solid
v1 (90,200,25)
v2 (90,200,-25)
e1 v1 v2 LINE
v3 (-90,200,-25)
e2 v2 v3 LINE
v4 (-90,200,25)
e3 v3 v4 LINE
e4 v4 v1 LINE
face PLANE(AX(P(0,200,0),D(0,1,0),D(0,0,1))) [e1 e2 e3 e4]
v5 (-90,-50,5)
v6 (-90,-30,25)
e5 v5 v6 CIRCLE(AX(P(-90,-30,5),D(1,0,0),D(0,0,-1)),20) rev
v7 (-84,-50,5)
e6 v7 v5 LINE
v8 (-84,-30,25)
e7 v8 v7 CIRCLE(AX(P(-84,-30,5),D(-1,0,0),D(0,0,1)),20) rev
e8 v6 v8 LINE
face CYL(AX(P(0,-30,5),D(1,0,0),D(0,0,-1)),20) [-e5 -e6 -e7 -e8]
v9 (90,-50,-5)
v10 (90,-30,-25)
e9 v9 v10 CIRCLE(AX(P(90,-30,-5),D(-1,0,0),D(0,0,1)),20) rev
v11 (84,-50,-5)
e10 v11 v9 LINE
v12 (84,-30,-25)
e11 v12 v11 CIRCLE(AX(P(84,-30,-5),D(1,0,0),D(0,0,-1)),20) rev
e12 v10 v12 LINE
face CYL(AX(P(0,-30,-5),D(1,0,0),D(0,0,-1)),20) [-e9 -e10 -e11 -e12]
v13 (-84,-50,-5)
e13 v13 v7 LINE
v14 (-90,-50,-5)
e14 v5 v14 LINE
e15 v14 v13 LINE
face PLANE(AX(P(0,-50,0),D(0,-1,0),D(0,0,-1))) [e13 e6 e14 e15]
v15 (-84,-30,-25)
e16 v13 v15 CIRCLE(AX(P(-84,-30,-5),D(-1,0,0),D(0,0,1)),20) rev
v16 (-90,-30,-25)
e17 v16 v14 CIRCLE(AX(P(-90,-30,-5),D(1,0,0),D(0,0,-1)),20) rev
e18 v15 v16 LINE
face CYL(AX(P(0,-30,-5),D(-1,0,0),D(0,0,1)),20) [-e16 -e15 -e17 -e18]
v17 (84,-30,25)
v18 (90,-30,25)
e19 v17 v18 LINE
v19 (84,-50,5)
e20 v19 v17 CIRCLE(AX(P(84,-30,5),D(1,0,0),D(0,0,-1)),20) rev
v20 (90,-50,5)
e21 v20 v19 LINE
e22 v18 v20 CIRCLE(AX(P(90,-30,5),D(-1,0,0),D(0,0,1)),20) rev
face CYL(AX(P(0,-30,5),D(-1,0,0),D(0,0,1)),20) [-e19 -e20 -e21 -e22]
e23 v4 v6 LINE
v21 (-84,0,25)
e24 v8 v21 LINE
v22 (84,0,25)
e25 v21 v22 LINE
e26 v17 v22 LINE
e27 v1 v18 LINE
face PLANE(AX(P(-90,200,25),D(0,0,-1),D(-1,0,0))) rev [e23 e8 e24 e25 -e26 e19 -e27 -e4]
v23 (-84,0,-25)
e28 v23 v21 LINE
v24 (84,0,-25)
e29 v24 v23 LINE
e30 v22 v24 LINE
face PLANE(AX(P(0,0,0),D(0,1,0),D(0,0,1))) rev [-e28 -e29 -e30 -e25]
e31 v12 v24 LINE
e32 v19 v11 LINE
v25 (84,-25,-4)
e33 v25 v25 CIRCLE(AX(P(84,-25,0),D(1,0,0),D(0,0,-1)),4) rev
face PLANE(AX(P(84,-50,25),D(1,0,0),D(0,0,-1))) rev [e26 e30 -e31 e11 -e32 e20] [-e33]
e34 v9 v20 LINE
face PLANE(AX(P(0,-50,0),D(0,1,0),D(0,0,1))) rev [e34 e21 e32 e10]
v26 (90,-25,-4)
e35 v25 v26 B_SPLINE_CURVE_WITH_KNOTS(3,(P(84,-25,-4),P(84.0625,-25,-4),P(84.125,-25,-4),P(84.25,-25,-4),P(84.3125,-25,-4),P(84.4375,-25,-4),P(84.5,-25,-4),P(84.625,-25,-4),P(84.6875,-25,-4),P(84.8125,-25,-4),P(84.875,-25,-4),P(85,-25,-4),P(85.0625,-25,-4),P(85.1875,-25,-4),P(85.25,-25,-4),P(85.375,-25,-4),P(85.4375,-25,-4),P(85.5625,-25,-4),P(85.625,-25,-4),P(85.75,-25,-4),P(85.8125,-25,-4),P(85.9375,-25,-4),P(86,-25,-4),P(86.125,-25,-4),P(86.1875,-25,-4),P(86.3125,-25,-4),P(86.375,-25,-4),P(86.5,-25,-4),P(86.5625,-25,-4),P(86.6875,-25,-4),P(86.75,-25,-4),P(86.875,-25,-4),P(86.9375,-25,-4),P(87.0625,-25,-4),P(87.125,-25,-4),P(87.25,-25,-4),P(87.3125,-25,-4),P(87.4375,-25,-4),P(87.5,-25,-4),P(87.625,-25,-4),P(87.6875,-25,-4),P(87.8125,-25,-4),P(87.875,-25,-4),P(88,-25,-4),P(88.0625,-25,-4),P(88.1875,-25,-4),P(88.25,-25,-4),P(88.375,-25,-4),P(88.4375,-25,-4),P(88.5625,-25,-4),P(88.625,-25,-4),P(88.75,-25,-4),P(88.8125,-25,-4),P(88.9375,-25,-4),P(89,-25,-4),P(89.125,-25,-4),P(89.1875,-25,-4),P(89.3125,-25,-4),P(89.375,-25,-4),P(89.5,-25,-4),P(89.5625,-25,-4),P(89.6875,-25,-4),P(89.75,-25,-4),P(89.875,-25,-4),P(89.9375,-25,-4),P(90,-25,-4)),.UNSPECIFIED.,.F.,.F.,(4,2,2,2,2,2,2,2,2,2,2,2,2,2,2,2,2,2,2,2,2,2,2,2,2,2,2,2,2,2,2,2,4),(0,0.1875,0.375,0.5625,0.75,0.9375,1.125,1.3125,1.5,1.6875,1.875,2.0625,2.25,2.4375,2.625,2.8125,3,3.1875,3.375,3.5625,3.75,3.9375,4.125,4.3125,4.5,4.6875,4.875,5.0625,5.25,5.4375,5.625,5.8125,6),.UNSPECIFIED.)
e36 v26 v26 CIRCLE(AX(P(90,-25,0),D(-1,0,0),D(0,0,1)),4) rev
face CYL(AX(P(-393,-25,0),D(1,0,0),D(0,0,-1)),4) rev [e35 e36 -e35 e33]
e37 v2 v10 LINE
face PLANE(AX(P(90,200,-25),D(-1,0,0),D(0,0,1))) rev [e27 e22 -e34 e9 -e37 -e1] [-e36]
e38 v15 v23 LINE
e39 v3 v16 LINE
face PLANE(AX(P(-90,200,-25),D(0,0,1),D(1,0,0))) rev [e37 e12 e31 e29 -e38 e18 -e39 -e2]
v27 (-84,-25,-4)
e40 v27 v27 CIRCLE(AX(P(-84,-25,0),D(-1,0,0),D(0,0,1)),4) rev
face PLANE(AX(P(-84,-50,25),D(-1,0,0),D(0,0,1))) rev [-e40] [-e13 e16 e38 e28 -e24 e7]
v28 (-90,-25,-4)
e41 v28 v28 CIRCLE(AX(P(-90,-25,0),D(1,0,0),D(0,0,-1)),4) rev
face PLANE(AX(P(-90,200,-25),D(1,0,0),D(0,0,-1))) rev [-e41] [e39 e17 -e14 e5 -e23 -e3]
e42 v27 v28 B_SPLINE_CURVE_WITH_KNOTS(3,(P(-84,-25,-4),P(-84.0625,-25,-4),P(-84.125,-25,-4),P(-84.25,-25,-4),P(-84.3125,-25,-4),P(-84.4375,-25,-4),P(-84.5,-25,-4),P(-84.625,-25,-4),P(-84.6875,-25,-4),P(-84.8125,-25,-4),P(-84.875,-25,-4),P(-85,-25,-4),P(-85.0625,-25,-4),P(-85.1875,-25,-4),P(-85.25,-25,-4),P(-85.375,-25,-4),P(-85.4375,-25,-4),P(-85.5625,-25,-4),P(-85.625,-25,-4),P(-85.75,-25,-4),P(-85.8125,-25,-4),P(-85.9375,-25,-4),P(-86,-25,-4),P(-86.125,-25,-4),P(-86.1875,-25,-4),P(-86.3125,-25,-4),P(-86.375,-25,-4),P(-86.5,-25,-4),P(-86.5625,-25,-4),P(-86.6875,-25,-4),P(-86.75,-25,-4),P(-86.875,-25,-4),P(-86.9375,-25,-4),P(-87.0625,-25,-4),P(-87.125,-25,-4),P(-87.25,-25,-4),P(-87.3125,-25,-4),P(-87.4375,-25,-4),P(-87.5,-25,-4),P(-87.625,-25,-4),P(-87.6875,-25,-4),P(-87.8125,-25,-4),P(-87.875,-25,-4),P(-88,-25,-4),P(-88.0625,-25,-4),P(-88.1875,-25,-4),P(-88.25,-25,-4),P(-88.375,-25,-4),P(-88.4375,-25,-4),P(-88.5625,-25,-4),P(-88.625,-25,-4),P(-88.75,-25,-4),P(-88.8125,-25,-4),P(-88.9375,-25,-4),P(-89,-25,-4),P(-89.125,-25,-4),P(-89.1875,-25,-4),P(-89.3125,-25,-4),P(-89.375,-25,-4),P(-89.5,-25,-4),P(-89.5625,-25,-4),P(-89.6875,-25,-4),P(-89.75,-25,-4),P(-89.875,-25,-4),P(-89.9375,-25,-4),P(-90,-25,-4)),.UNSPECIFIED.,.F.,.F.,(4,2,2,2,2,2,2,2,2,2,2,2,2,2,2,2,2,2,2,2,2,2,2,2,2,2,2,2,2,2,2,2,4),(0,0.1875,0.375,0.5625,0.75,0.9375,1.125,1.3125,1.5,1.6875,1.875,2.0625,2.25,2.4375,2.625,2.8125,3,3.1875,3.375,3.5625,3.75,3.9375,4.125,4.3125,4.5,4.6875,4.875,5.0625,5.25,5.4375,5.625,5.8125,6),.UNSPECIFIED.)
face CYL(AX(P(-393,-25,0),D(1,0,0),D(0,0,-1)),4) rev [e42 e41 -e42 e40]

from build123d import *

# Parameters (mm, degrees)
SKETCH1_W           = 180
SKETCH1_H           = 50
EXTRUDE1_DEPTH      = 200
SKETCH2_W           = 6
SKETCH2_H           = 50
EXTRUDE2_DEPTH      = 50
EXTRUDE3_DEPTH      = 477
EXTRUDE3_DEPTH_BACK = 40
SKETCH3_R           = 4
FILLET1_R           = 20


with BuildPart() as part:
    # Sketch1 → Extrude1 (new body)
    with BuildSketch(Plane(origin=(0, 0, 0), x_dir=(1, 0, 0), z_dir=(0, 1, 0))):
        Rectangle(SKETCH1_W, SKETCH1_H)
    extrude(amount=EXTRUDE1_DEPTH)

    # Sketch2 → Extrude2 (add)
    with BuildSketch(Plane.XZ):
        with Locations((-87, 0)):
            Rectangle(SKETCH2_W, SKETCH2_H)
        with Locations((87, 0)):
            Rectangle(SKETCH2_W, SKETCH2_H)
    extrude(amount=EXTRUDE2_DEPTH)

    # Sketch3 → Extrude3 (cut, two sides: drawn at the far end of the back side and taken through both)
    with BuildSketch(Plane.ZY.offset(-84).offset(-EXTRUDE3_DEPTH_BACK)):
        with Locations(Location((0, -25, 0), (0, 0, 180))):
            Circle(SKETCH3_R)
    extrude(amount=EXTRUDE3_DEPTH + EXTRUDE3_DEPTH_BACK, mode=Mode.SUBTRACT)

    # Fillet1
    fillet1_edges = [part.edges().sort_by_distance(p)[0] for p in [
        (-87, -50, -25),
        (-87, -50, 25),
        (87, -50, 25),
        (87, -50, -25),
    ]]
    fillet(fillet1_edges, radius=FILLET1_R)


solid = part.part
